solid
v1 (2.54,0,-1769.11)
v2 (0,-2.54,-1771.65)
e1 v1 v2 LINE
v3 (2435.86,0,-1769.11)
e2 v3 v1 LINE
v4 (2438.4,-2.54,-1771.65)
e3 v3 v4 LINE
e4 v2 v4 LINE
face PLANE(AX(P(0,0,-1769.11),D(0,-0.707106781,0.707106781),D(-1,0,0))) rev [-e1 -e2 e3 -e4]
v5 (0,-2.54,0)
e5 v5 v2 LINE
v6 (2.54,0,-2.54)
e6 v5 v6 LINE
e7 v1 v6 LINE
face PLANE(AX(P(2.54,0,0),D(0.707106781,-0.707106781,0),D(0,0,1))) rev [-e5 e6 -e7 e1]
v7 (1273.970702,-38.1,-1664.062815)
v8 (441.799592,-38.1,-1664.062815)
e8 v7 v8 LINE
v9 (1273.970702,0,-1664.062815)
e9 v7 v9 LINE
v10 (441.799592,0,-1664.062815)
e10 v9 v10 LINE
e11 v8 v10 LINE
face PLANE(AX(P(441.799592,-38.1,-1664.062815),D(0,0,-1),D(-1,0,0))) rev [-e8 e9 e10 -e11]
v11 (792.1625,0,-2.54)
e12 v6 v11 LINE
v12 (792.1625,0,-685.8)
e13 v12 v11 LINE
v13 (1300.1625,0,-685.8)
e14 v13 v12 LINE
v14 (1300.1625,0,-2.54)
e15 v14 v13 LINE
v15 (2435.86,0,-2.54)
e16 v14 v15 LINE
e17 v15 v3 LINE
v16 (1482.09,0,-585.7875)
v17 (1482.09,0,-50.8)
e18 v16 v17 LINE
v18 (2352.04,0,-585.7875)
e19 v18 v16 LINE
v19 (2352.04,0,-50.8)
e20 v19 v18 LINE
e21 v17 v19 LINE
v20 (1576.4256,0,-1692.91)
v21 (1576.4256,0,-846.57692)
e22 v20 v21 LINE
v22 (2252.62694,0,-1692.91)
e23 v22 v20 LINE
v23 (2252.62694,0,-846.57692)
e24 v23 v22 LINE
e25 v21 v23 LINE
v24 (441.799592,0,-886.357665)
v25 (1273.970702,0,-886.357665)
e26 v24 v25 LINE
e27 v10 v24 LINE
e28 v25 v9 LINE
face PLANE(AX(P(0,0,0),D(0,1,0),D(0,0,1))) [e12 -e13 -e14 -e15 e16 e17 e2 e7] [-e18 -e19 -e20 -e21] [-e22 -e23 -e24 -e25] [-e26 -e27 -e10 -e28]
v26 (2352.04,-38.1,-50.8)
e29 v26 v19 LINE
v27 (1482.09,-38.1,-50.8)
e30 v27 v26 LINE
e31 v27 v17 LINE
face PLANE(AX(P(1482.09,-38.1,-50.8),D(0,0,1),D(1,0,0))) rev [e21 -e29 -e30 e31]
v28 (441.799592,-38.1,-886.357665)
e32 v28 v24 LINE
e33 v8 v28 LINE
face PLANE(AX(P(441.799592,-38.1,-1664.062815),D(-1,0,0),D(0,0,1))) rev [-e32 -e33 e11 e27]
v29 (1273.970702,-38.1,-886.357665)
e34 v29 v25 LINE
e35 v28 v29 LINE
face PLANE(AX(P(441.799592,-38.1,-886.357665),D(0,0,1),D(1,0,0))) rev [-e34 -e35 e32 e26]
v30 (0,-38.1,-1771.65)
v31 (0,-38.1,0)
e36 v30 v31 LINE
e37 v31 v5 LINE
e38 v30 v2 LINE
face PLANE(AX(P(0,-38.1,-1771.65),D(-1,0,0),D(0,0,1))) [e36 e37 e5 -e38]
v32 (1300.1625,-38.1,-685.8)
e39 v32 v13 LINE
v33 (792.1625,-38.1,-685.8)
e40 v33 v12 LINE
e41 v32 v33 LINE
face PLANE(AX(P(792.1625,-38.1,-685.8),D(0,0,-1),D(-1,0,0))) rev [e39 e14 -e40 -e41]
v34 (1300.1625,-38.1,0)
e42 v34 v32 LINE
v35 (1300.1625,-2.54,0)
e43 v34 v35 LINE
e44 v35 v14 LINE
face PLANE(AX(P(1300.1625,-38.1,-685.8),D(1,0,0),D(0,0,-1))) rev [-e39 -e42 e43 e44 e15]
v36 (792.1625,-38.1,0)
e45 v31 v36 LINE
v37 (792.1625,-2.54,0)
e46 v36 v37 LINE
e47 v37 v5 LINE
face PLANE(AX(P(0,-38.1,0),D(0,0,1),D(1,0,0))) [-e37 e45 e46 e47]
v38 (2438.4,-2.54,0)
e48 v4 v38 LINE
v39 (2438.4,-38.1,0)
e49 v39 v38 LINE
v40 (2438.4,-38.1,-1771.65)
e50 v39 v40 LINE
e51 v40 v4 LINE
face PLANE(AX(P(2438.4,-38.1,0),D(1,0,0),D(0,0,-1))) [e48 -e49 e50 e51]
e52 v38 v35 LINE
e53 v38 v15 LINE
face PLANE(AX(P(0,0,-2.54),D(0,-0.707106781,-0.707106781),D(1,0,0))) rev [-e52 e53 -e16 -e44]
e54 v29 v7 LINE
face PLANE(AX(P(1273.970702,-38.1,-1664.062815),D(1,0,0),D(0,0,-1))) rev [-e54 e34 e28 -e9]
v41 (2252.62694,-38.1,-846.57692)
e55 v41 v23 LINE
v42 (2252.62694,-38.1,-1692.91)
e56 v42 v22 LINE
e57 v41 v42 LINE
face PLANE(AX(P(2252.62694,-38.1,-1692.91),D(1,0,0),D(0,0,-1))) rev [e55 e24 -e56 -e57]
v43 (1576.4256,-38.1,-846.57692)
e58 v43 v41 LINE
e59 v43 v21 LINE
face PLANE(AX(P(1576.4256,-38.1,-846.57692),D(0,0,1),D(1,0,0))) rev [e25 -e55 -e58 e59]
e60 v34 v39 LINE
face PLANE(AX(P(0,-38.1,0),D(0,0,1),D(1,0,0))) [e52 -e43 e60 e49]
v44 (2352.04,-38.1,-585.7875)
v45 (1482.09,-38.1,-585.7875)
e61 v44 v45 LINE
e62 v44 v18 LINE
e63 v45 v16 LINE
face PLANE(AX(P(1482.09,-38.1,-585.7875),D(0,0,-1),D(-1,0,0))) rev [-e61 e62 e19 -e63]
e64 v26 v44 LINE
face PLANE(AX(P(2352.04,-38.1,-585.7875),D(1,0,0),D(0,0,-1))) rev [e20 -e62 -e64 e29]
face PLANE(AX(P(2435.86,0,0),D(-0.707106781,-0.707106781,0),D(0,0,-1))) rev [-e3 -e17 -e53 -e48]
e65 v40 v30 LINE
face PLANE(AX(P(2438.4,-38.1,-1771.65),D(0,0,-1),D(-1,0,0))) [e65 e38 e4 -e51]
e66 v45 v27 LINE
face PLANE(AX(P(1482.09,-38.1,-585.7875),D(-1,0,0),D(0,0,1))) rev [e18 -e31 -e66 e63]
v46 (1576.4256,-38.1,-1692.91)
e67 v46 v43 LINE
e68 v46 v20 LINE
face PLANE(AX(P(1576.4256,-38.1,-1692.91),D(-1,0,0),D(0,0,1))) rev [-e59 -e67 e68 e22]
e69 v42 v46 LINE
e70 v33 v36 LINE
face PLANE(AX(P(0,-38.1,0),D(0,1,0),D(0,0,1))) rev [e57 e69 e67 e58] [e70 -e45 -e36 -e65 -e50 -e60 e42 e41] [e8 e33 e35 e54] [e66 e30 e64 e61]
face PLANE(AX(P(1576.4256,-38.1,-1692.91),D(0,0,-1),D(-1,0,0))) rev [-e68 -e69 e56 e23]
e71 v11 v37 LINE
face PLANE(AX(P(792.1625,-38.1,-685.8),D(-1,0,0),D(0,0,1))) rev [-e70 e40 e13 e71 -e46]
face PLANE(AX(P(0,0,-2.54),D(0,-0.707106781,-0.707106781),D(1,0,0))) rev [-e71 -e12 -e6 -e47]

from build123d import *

# Parameters (mm, degrees)
SKETCH1_W           = 2438.4
SKETCH1_H           = 1771.65
BOSS_EXTRUDE1_DEPTH = 38.1
CHAMFER1_SIZE       = 2.54
SKETCH2_W           = 869.95
SKETCH2_H           = 534.9875
CUT_EXTRUDE1_DEPTH  = 39.1
SKETCH3_W           = 508
SKETCH3_H           = 685.8
CUT_EXTRUDE2_DEPTH  = 39.1
SKETCH4_W           = 676.20134
SKETCH4_H           = 846.33308
CUT_EXTRUDE3_DEPTH  = 39.1
SKETCH5_W           = 832.171110348
SKETCH5_H           = 777.705149966
CUT_EXTRUDE4_DEPTH  = 39.1


with BuildPart() as part:
    # Sketch1 → Boss-Extrude1 (new body)
    with BuildSketch(Plane(origin=(0, 0, 0), x_dir=(1, 0, 0), z_dir=(0, 1, 0))):
        with Locations((1219.2, 885.825)):
            Rectangle(SKETCH1_W, SKETCH1_H)
    extrude(amount=-BOSS_EXTRUDE1_DEPTH)

    # Chamfer1
    chamfer1_edges = [part.edges().sort_by_distance(p)[0] for p in [
        (0, 0, -885.825),
        (1219.2, 0, -1771.65),
        (2438.4, 0, -885.825),
        (1219.2, 0, 0),
    ]]
    chamfer(chamfer1_edges, length=CHAMFER1_SIZE)

    # Sketch2 → Cut-Extrude1 (cut, through all)
    with BuildSketch(Plane(origin=(0, 0, 0), x_dir=(1, 0, 0), z_dir=(0, 1, 0))):
        with Locations((1917.065, 318.29375)):
            Rectangle(SKETCH2_W, SKETCH2_H)
    extrude(amount=-CUT_EXTRUDE1_DEPTH, mode=Mode.SUBTRACT)

    # Sketch3 → Cut-Extrude2 (cut, through all)
    with BuildSketch(Plane(origin=(0, 0, 0), x_dir=(1, 0, 0), z_dir=(0, 1, 0))):
        with Locations((1046.1625, 342.9)):
            Rectangle(SKETCH3_W, SKETCH3_H)
    extrude(amount=-CUT_EXTRUDE2_DEPTH, mode=Mode.SUBTRACT)

    # Sketch4 → Cut-Extrude3 (cut, through all)
    with BuildSketch(Plane(origin=(0, 0, 0), x_dir=(1, 0, 0), z_dir=(0, 1, 0))):
        with Locations((1914.52627, 1269.74346)):
            Rectangle(SKETCH4_W, SKETCH4_H)
    extrude(amount=-CUT_EXTRUDE3_DEPTH, mode=Mode.SUBTRACT)

    # Sketch5 → Cut-Extrude4 (cut, through all)
    with BuildSketch(Plane(origin=(0, 0, 0), x_dir=(1, 0, 0), z_dir=(0, 1, 0))):
        with Locations((857.885146865, 1275.210240055)):
            Rectangle(SKETCH5_W, SKETCH5_H)
    extrude(amount=-CUT_EXTRUDE4_DEPTH, mode=Mode.SUBTRACT)


solid = part.part
